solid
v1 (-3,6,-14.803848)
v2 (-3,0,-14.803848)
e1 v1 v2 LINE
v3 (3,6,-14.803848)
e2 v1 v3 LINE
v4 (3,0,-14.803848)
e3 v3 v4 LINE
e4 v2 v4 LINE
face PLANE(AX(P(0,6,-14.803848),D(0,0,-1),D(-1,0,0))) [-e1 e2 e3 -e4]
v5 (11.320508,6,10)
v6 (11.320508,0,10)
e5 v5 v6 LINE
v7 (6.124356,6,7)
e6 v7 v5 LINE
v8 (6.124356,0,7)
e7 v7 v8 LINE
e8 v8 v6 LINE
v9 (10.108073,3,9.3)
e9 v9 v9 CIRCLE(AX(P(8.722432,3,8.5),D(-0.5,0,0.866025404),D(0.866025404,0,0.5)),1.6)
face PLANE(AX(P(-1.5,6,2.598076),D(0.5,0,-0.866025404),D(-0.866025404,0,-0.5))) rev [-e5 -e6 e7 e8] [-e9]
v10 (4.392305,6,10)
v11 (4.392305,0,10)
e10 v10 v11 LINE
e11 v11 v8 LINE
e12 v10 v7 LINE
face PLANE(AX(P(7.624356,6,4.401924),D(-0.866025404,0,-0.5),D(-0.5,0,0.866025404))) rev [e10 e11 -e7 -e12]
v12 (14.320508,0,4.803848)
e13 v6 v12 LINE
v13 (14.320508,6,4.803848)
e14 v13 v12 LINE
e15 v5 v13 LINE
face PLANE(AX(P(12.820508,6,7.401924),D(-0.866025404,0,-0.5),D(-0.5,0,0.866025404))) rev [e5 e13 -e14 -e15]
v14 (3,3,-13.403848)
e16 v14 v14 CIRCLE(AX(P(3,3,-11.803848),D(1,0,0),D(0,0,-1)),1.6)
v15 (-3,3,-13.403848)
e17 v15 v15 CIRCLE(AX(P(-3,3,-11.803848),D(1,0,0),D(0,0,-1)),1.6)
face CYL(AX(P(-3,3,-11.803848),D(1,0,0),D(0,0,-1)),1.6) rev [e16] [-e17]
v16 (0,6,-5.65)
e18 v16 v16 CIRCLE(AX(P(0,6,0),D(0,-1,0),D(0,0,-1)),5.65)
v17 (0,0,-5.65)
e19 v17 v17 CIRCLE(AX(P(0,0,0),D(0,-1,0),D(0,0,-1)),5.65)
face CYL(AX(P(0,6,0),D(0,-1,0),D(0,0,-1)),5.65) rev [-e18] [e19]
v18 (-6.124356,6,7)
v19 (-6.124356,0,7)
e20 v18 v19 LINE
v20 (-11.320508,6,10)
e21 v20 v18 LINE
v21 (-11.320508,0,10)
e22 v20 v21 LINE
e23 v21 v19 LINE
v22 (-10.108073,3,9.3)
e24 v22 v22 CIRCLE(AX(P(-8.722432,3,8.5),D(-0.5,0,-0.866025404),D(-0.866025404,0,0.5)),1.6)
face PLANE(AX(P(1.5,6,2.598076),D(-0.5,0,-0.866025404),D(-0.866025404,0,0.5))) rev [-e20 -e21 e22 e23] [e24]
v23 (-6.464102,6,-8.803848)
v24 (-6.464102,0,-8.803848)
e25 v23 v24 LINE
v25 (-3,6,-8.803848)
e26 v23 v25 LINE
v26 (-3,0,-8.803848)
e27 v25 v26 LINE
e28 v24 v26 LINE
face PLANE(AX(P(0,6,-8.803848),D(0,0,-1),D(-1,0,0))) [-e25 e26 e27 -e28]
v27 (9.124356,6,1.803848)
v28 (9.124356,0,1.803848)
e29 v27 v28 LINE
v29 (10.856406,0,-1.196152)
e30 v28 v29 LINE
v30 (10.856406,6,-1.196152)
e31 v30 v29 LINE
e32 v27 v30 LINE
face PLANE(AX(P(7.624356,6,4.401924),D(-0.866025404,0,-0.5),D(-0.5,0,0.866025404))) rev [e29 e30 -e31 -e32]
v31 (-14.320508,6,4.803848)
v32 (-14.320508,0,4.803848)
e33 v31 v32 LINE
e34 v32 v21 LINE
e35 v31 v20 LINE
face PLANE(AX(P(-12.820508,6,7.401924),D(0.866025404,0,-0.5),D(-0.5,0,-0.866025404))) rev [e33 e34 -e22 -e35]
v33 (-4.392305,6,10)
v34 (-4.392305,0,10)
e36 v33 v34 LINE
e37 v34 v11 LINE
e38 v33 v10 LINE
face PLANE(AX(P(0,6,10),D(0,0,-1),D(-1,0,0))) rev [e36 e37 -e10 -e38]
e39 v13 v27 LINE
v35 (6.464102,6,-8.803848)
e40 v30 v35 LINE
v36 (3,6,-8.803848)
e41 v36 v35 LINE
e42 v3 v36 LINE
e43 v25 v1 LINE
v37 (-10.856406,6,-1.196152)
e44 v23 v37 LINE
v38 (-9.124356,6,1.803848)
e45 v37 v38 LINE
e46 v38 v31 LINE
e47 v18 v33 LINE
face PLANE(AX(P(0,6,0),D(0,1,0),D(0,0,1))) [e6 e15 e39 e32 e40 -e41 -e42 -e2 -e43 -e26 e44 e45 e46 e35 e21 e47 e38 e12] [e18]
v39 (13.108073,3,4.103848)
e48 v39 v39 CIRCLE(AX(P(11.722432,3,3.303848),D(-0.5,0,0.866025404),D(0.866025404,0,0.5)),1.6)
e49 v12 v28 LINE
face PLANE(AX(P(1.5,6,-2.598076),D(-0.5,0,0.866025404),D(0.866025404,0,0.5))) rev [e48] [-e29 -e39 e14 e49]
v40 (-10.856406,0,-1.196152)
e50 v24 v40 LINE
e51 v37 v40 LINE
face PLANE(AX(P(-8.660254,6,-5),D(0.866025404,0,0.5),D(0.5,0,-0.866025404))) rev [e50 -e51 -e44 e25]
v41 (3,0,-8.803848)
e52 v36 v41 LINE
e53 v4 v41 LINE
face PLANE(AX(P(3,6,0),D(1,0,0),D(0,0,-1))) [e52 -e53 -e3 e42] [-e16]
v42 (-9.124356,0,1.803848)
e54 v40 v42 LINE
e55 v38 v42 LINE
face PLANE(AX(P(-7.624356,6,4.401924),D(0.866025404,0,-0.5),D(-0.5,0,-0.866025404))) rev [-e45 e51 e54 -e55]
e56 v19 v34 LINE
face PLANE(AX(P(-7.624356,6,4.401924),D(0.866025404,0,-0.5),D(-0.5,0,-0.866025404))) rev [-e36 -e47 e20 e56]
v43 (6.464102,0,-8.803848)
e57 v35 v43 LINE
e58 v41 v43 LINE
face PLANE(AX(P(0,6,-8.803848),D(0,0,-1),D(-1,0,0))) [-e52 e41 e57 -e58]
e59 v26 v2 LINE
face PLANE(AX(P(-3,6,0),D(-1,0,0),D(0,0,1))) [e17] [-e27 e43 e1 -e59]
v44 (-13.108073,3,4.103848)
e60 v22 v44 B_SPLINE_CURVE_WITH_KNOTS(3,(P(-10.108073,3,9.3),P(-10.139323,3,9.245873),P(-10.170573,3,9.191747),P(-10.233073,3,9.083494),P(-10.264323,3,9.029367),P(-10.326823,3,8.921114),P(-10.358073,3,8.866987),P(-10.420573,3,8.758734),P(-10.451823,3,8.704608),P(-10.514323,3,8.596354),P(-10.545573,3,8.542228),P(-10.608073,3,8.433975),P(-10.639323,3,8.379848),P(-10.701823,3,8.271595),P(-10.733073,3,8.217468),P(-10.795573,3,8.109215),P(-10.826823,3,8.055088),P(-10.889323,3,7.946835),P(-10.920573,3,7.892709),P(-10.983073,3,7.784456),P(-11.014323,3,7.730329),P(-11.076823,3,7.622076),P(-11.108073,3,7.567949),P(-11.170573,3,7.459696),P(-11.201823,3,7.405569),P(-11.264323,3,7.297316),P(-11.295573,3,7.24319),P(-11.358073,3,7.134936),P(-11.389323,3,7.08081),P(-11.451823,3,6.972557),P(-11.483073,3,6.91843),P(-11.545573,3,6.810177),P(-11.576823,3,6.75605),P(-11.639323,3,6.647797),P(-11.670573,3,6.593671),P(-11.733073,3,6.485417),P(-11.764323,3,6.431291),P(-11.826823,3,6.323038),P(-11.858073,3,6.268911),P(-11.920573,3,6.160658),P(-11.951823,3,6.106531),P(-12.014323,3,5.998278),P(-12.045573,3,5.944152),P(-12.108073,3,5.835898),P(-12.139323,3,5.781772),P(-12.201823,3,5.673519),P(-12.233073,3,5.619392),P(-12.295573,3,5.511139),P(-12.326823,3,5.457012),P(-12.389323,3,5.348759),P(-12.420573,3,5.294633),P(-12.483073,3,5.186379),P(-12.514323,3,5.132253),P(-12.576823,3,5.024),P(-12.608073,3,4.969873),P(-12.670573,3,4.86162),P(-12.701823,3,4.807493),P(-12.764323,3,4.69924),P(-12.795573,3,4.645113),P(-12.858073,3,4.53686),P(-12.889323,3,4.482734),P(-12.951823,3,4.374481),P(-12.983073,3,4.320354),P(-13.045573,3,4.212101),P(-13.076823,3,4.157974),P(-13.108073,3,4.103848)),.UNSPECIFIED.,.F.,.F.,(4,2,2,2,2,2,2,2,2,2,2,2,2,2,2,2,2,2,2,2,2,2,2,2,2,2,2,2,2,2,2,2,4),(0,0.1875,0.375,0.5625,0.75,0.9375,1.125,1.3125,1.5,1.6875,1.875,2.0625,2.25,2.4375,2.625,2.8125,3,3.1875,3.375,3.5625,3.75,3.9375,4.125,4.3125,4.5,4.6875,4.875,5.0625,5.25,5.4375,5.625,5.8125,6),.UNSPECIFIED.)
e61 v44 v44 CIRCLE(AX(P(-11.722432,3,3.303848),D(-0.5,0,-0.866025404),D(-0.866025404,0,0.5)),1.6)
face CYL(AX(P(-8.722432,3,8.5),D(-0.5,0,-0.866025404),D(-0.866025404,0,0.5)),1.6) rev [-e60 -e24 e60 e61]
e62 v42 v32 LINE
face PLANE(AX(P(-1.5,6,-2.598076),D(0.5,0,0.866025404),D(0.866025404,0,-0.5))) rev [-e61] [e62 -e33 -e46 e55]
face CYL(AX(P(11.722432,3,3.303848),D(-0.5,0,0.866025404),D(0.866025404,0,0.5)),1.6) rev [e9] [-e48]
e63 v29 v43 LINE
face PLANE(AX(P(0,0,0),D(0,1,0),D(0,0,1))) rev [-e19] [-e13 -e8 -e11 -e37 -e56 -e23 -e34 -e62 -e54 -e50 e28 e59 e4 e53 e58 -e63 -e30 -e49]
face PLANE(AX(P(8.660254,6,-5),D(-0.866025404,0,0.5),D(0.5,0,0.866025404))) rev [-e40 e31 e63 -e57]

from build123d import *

# Parameters (mm, degrees)
SKETCH_1_W          = 6
SKETCH_1_H          = 6
EXTRUDE_2_DEPTH     = 6
SKETCH_6_R          = 1.6
CUT_EXTRUDE_5_DEPTH = 6
SKETCH_7_R          = 1.6
CUT_EXTRUDE_6_DEPTH = 6
SKETCH_8_R          = 1.6
CUT_EXTRUDE_7_DEPTH = 6
SKETCH_9_R          = 5.65
CUT_EXTRUDE_9_DEPTH = 6


with BuildPart() as part:
    # 草图1 → 凸台-拉伸2 (new body)
    with BuildSketch(Plane(origin=(0, 0, 0), x_dir=(1, 0, 0), z_dir=(0, 1, 0))):
        Polygon((-3, 8.803847577), (-6.464101615, 8.803847577), (-10.856406461, 1.196152423), (-9.124355653, -1.803847577), (-6.124355653, -7), (-4.392304845, -10), (4.392304845, -10), (6.124355653, -7), (9.124355653, -1.803847577), (10.856406461, 1.196152423), (6.464101615, 8.803847577), (3, 8.803847577), align=None)
        Polygon((-9.124355653, -1.803847577), (-14.320508076, -4.803847577), (-11.320508076, -10), (-6.124355653, -7), align=None)
        Polygon((11.320508076, -10), (14.320508076, -4.803847577), (9.124355653, -1.803847577), (6.124355653, -7), align=None)
        with Locations((0, 11.803847577)):
            Rectangle(SKETCH_1_W, SKETCH_1_H)
    extrude(amount=EXTRUDE_2_DEPTH)

    # 草图6 → 切除-拉伸5 (cut)
    with BuildSketch(Plane(origin=(-1.5, 0, -2.598076211), x_dir=(-0.8660254037844386, 0, 0.5000000000000001), z_dir=(-0.5000000000000001, 0, -0.8660254037844386))):
        with Locations((11.803847577, 3)):
            Circle(SKETCH_6_R)
    extrude(amount=-CUT_EXTRUDE_5_DEPTH, mode=Mode.SUBTRACT)

    # 草图7 → 切除-拉伸6 (cut)
    with BuildSketch(Plane(origin=(3, 0, 0), x_dir=(0, 0, -1), z_dir=(1, 0, 0))):
        with Locations((11.803847577, 3)):
            Circle(SKETCH_7_R)
    extrude(amount=-CUT_EXTRUDE_6_DEPTH, mode=Mode.SUBTRACT)

    # 草图8 → 切除-拉伸7 (cut)
    with BuildSketch(Plane(origin=(-1.5, 0, 2.598076211), x_dir=(0.8660254037844387, 0, 0.49999999999999983), z_dir=(-0.49999999999999983, 0, 0.8660254037844387))):
        with Locations((11.803847577, 3)):
            Circle(SKETCH_8_R)
    extrude(amount=-CUT_EXTRUDE_7_DEPTH, mode=Mode.SUBTRACT)

    # 草图9 → 切除-拉伸9 (cut)
    with BuildSketch(Plane.XZ):
        with Locations(Location((0, 0, 0), (0, 0, 270))):
            Circle(SKETCH_9_R)
    extrude(amount=-CUT_EXTRUDE_9_DEPTH, mode=Mode.SUBTRACT)


solid = part.part
